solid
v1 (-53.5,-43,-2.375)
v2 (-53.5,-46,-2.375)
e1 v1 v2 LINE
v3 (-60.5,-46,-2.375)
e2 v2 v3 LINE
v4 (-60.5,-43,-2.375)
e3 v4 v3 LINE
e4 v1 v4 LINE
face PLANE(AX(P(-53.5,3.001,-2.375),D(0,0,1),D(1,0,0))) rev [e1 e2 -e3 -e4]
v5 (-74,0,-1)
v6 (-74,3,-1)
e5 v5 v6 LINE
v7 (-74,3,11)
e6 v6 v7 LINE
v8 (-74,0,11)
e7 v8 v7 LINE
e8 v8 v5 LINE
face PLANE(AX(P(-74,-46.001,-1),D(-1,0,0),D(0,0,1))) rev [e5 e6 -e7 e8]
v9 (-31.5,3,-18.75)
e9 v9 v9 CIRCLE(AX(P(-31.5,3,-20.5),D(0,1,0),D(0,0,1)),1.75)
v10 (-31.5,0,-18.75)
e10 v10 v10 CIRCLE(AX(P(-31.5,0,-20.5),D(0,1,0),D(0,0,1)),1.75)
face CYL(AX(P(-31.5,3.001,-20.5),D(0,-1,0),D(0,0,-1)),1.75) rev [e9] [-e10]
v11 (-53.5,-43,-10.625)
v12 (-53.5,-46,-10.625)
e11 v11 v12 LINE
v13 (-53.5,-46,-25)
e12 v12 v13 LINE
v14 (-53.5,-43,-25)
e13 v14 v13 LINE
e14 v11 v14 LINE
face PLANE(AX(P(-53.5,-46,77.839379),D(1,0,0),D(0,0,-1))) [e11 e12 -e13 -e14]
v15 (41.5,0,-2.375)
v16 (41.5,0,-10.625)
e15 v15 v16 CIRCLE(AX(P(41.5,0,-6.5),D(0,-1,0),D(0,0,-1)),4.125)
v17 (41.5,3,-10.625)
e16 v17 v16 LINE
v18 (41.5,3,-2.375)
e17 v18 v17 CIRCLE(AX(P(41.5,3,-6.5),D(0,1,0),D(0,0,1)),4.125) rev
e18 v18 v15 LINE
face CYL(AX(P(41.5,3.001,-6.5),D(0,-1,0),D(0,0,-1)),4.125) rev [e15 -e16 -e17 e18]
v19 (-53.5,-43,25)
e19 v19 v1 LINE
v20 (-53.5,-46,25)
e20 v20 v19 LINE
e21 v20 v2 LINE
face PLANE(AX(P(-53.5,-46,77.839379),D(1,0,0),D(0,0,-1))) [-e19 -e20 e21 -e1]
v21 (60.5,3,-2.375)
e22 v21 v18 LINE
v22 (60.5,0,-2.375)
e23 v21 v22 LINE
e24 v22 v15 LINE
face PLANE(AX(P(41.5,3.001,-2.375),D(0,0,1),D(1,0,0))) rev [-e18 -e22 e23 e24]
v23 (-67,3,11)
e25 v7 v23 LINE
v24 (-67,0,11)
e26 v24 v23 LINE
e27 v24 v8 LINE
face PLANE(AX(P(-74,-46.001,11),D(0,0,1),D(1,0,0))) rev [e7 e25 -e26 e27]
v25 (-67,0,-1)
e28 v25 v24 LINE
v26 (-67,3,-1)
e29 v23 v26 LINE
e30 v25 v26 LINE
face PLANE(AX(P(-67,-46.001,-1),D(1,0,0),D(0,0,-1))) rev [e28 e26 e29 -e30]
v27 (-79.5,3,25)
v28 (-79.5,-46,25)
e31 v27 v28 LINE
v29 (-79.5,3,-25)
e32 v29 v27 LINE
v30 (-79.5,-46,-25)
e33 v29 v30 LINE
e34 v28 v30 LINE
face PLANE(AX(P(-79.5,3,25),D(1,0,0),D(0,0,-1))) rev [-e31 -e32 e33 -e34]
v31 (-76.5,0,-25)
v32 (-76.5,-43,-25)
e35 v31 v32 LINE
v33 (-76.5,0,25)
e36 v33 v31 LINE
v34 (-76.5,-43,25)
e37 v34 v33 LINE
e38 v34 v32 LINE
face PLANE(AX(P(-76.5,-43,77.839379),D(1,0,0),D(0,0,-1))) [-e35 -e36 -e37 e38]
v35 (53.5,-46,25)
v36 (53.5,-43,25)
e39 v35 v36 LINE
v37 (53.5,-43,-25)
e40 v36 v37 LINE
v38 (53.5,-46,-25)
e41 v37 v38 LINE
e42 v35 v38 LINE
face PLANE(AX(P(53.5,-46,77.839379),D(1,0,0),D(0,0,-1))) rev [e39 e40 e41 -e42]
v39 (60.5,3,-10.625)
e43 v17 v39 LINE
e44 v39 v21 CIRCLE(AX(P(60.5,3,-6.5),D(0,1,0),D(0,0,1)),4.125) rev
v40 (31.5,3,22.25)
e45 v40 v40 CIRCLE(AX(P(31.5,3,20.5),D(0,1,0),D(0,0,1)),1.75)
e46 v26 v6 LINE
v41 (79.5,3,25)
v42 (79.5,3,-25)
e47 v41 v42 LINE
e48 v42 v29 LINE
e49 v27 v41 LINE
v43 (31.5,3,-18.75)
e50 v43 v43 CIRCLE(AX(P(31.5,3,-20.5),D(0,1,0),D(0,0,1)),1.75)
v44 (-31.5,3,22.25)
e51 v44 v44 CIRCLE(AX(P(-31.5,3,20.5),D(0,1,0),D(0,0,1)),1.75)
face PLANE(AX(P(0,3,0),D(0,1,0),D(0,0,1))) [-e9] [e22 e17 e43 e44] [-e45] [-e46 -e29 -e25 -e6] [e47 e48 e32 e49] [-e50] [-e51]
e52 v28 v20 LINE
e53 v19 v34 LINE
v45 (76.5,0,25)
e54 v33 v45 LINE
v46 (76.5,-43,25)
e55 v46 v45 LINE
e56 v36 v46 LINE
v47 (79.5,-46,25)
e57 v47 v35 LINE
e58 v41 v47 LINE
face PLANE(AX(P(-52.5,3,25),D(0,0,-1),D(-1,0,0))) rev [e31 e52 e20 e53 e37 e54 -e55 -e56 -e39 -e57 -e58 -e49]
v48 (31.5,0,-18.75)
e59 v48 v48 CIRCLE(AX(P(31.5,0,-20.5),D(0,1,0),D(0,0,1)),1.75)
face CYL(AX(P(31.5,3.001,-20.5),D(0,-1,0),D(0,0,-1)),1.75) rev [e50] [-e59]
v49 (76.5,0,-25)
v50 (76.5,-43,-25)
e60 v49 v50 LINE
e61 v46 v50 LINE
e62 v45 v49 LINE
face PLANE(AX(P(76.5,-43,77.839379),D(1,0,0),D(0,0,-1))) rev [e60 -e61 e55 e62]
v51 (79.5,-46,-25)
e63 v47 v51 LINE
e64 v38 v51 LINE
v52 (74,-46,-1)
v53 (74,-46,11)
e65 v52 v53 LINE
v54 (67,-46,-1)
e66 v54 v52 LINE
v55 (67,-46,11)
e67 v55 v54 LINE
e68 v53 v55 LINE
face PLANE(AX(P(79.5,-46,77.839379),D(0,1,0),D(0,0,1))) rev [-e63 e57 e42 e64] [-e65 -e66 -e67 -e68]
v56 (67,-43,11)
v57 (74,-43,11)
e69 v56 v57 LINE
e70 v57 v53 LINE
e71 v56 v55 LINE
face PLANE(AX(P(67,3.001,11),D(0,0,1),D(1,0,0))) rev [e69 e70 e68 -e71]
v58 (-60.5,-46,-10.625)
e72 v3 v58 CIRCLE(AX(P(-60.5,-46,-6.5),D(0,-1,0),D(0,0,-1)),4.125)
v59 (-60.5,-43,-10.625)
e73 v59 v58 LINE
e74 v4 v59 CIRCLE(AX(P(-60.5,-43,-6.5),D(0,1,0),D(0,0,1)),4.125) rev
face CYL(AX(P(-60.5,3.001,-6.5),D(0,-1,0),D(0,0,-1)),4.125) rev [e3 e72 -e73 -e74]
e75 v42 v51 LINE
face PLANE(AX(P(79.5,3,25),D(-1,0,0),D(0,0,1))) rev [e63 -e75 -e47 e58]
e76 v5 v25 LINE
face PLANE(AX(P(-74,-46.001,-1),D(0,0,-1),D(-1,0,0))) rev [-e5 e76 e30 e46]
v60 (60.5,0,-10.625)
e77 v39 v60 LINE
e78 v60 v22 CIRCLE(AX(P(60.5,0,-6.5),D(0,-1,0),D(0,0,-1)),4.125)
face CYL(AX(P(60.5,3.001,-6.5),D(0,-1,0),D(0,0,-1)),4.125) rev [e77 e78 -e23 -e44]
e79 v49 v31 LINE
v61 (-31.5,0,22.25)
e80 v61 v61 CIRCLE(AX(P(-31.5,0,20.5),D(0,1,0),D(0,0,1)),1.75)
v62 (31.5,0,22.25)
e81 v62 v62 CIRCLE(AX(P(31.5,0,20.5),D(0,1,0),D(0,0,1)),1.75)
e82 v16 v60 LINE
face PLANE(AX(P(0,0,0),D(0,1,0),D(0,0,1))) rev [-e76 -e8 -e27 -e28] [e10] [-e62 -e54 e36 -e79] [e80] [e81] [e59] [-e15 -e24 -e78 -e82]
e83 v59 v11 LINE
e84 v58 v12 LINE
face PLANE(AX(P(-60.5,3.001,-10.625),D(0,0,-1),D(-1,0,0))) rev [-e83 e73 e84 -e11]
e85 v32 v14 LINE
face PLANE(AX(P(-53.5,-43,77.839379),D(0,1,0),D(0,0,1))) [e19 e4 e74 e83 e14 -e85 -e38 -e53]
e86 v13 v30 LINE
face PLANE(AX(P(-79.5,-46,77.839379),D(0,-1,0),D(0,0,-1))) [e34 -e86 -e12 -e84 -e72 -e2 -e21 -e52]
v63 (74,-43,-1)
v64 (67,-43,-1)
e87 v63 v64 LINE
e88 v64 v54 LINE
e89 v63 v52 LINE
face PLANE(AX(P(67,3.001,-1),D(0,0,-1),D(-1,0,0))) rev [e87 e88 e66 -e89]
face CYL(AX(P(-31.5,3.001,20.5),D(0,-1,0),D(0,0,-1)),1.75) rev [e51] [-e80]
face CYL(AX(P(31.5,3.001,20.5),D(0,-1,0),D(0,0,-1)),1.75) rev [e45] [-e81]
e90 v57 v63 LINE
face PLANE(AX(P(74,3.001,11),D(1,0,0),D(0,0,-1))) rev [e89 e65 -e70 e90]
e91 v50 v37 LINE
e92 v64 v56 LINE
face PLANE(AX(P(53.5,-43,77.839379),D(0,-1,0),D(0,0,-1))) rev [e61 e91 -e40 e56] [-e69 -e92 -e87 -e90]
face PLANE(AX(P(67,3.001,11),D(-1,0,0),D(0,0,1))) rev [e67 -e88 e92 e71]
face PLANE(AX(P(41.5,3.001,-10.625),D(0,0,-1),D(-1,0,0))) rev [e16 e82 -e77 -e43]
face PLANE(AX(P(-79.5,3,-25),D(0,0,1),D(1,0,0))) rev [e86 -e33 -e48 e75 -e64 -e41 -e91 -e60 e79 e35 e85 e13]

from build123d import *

# Parameters (mm, degrees)
BOSS_EXTRUDE1_DEPTH = 3
BOSS_EXTRUDE2_DEPTH = 50
CUT_EXTRUDE1_REACH  = 51
CUT_EXTRUDE2_REACH  = 5
CUT_EXTRUDE3_REACH  = 51
SKETCH7_W           = 7
SKETCH7_H           = 12
CUT_EXTRUDE5_REACH  = 51
SKETCH8_W           = 7
SKETCH8_H           = 12
CUT_EXTRUDE7_REACH  = 5
SKETCH1_R           = 1.75


with BuildPart() as part:
    # Sketch2 → Boss-Extrude1 (new body)
    with BuildSketch(Plane(origin=(0, 0, 0), x_dir=(1, 0, 0), z_dir=(0, 1, 0))):
        Polygon((-52.5, 25), (52.5, 25), (76.5, 25), (79.5, 25), (79.5, -25), (76.5, -25), (52.5, -25), (-52.5, -25), (-76.5, -25), (-79.5, -25), (-79.5, 25), (-76.5, 25), align=None)
    extrude(amount=BOSS_EXTRUDE1_DEPTH)

    # Sketch4 → Boss-Extrude2 (add)
    with BuildSketch(Plane(origin=(0, 0, -25), x_dir=(-1, 0, 0), z_dir=(0, 0, -1))):
        Polygon((79.5, 0), (79.5, -46), (53.5, -46), (53.5, -43), (76.5, -43), (76.5, 0), align=None)
    boss_extrude2 = extrude(amount=-BOSS_EXTRUDE2_DEPTH)

    # Mirror1: Boss-Extrude2 across plane
    add(boss_extrude2.mirror(Plane(origin=(0, 0, 0), x_dir=(0, 0, 1), z_dir=(1, 0, 0))))

    # Sketch5 → Cut-Extrude1 (cut, up to next)
    with BuildSketch(Plane.XZ.offset(46), mode=Mode.PRIVATE) as cut_extrude1_sk1:
        with BuildLine():
            Line((-53.5, -2.375), (-60.5, -2.375))
            ThreePointArc((-60.5, -2.375), (-64.625, -6.5), (-60.5, -10.625))
            Line((-60.5, -10.625), (-53.5, -10.625))
            Line((-53.5, -10.625), (-53.5, -2.375))
        make_face()
    cut_extrude1_tool1 = extrude(cut_extrude1_sk1.sketch, amount=-CUT_EXTRUDE1_REACH, mode=Mode.PRIVATE) & part.part
    add(cut_extrude1_tool1.solids().sort_by_distance((-58.661274, -46, -6.5))[0], mode=Mode.SUBTRACT)

    # Sketch6 → Cut-Extrude2 (cut, up to next)
    with BuildSketch(Plane.XZ, mode=Mode.PRIVATE) as cut_extrude2_sk1:
        with BuildLine():
            Line((41.5, -2.375), (60.5, -2.375))
            ThreePointArc((60.5, -2.375), (64.625, -6.5), (60.5, -10.625))
            Line((60.5, -10.625), (41.5, -10.625))
            ThreePointArc((41.5, -10.625), (37.375, -6.5), (41.5, -2.375))
        make_face()
    cut_extrude2_tool1 = extrude(cut_extrude2_sk1.sketch, amount=-CUT_EXTRUDE2_REACH, mode=Mode.PRIVATE) & part.part
    add(cut_extrude2_tool1.solids().sort_by_distance((51, 0, -6.5))[0], mode=Mode.SUBTRACT)

    # Sketch7 → Cut-Extrude3 (cut, up to next)
    with BuildSketch(Plane.XZ.offset(46), mode=Mode.PRIVATE) as cut_extrude3_sk1:
        with Locations((70.5, 5)):
            Rectangle(SKETCH7_W, SKETCH7_H)
    cut_extrude3_tool1 = extrude(cut_extrude3_sk1.sketch, amount=-CUT_EXTRUDE3_REACH, mode=Mode.PRIVATE) & part.part
    add(cut_extrude3_tool1.solids().sort_by_distance((70.5, -46, 5))[0], mode=Mode.SUBTRACT)

    # Sketch8 → Cut-Extrude5 (cut, up to next)
    with BuildSketch(Plane(origin=(0, 3, 0), x_dir=(1, 0, 0), z_dir=(0, 1, 0)), mode=Mode.PRIVATE) as cut_extrude5_sk1:
        with Locations((-70.5, -5)):
            Rectangle(SKETCH8_W, SKETCH8_H)
    cut_extrude5_tool1 = extrude(cut_extrude5_sk1.sketch, amount=-CUT_EXTRUDE5_REACH, mode=Mode.PRIVATE) & part.part
    add(cut_extrude5_tool1.solids().sort_by_distance((-70.5, 3, 5))[0], mode=Mode.SUBTRACT)

    # Sketch1 → Cut-Extrude7 (cut, up to next)
    with BuildSketch(Plane(origin=(0, 0, 0), x_dir=(1, 0, 0), z_dir=(0, 1, 0)), mode=Mode.PRIVATE) as cut_extrude7_sk1:
        with Locations((-31.5, 20.5)):
            Circle(SKETCH1_R)
    cut_extrude7_tool1 = extrude(cut_extrude7_sk1.sketch, amount=CUT_EXTRUDE7_REACH, mode=Mode.PRIVATE) & part.part
    add(cut_extrude7_tool1.solids().sort_by_distance((-31.5, 0, -20.5))[0], mode=Mode.SUBTRACT)
    # Sketch1 → Cut-Extrude7 (cut, up to next)
    with BuildSketch(Plane(origin=(0, 0, 0), x_dir=(1, 0, 0), z_dir=(0, 1, 0)), mode=Mode.PRIVATE) as cut_extrude7_sk2:
        with Locations((-31.5, -20.5)):
            Circle(SKETCH1_R)
    cut_extrude7_tool2 = extrude(cut_extrude7_sk2.sketch, amount=CUT_EXTRUDE7_REACH, mode=Mode.PRIVATE) & part.part
    add(cut_extrude7_tool2.solids().sort_by_distance((-31.5, 0, 20.5))[0], mode=Mode.SUBTRACT)
    # Sketch1 → Cut-Extrude7 (cut, up to next)
    with BuildSketch(Plane(origin=(0, 0, 0), x_dir=(1, 0, 0), z_dir=(0, 1, 0)), mode=Mode.PRIVATE) as cut_extrude7_sk3:
        with Locations((31.5, -20.5)):
            Circle(SKETCH1_R)
    cut_extrude7_tool3 = extrude(cut_extrude7_sk3.sketch, amount=CUT_EXTRUDE7_REACH, mode=Mode.PRIVATE) & part.part
    add(cut_extrude7_tool3.solids().sort_by_distance((31.5, 0, 20.5))[0], mode=Mode.SUBTRACT)
    # Sketch1 → Cut-Extrude7 (cut, up to next)
    with BuildSketch(Plane(origin=(0, 0, 0), x_dir=(1, 0, 0), z_dir=(0, 1, 0)), mode=Mode.PRIVATE) as cut_extrude7_sk4:
        with Locations((31.5, 20.5)):
            Circle(SKETCH1_R)
    cut_extrude7_tool4 = extrude(cut_extrude7_sk4.sketch, amount=CUT_EXTRUDE7_REACH, mode=Mode.PRIVATE) & part.part
    add(cut_extrude7_tool4.solids().sort_by_distance((31.5, 0, -20.5))[0], mode=Mode.SUBTRACT)


solid = part.part
